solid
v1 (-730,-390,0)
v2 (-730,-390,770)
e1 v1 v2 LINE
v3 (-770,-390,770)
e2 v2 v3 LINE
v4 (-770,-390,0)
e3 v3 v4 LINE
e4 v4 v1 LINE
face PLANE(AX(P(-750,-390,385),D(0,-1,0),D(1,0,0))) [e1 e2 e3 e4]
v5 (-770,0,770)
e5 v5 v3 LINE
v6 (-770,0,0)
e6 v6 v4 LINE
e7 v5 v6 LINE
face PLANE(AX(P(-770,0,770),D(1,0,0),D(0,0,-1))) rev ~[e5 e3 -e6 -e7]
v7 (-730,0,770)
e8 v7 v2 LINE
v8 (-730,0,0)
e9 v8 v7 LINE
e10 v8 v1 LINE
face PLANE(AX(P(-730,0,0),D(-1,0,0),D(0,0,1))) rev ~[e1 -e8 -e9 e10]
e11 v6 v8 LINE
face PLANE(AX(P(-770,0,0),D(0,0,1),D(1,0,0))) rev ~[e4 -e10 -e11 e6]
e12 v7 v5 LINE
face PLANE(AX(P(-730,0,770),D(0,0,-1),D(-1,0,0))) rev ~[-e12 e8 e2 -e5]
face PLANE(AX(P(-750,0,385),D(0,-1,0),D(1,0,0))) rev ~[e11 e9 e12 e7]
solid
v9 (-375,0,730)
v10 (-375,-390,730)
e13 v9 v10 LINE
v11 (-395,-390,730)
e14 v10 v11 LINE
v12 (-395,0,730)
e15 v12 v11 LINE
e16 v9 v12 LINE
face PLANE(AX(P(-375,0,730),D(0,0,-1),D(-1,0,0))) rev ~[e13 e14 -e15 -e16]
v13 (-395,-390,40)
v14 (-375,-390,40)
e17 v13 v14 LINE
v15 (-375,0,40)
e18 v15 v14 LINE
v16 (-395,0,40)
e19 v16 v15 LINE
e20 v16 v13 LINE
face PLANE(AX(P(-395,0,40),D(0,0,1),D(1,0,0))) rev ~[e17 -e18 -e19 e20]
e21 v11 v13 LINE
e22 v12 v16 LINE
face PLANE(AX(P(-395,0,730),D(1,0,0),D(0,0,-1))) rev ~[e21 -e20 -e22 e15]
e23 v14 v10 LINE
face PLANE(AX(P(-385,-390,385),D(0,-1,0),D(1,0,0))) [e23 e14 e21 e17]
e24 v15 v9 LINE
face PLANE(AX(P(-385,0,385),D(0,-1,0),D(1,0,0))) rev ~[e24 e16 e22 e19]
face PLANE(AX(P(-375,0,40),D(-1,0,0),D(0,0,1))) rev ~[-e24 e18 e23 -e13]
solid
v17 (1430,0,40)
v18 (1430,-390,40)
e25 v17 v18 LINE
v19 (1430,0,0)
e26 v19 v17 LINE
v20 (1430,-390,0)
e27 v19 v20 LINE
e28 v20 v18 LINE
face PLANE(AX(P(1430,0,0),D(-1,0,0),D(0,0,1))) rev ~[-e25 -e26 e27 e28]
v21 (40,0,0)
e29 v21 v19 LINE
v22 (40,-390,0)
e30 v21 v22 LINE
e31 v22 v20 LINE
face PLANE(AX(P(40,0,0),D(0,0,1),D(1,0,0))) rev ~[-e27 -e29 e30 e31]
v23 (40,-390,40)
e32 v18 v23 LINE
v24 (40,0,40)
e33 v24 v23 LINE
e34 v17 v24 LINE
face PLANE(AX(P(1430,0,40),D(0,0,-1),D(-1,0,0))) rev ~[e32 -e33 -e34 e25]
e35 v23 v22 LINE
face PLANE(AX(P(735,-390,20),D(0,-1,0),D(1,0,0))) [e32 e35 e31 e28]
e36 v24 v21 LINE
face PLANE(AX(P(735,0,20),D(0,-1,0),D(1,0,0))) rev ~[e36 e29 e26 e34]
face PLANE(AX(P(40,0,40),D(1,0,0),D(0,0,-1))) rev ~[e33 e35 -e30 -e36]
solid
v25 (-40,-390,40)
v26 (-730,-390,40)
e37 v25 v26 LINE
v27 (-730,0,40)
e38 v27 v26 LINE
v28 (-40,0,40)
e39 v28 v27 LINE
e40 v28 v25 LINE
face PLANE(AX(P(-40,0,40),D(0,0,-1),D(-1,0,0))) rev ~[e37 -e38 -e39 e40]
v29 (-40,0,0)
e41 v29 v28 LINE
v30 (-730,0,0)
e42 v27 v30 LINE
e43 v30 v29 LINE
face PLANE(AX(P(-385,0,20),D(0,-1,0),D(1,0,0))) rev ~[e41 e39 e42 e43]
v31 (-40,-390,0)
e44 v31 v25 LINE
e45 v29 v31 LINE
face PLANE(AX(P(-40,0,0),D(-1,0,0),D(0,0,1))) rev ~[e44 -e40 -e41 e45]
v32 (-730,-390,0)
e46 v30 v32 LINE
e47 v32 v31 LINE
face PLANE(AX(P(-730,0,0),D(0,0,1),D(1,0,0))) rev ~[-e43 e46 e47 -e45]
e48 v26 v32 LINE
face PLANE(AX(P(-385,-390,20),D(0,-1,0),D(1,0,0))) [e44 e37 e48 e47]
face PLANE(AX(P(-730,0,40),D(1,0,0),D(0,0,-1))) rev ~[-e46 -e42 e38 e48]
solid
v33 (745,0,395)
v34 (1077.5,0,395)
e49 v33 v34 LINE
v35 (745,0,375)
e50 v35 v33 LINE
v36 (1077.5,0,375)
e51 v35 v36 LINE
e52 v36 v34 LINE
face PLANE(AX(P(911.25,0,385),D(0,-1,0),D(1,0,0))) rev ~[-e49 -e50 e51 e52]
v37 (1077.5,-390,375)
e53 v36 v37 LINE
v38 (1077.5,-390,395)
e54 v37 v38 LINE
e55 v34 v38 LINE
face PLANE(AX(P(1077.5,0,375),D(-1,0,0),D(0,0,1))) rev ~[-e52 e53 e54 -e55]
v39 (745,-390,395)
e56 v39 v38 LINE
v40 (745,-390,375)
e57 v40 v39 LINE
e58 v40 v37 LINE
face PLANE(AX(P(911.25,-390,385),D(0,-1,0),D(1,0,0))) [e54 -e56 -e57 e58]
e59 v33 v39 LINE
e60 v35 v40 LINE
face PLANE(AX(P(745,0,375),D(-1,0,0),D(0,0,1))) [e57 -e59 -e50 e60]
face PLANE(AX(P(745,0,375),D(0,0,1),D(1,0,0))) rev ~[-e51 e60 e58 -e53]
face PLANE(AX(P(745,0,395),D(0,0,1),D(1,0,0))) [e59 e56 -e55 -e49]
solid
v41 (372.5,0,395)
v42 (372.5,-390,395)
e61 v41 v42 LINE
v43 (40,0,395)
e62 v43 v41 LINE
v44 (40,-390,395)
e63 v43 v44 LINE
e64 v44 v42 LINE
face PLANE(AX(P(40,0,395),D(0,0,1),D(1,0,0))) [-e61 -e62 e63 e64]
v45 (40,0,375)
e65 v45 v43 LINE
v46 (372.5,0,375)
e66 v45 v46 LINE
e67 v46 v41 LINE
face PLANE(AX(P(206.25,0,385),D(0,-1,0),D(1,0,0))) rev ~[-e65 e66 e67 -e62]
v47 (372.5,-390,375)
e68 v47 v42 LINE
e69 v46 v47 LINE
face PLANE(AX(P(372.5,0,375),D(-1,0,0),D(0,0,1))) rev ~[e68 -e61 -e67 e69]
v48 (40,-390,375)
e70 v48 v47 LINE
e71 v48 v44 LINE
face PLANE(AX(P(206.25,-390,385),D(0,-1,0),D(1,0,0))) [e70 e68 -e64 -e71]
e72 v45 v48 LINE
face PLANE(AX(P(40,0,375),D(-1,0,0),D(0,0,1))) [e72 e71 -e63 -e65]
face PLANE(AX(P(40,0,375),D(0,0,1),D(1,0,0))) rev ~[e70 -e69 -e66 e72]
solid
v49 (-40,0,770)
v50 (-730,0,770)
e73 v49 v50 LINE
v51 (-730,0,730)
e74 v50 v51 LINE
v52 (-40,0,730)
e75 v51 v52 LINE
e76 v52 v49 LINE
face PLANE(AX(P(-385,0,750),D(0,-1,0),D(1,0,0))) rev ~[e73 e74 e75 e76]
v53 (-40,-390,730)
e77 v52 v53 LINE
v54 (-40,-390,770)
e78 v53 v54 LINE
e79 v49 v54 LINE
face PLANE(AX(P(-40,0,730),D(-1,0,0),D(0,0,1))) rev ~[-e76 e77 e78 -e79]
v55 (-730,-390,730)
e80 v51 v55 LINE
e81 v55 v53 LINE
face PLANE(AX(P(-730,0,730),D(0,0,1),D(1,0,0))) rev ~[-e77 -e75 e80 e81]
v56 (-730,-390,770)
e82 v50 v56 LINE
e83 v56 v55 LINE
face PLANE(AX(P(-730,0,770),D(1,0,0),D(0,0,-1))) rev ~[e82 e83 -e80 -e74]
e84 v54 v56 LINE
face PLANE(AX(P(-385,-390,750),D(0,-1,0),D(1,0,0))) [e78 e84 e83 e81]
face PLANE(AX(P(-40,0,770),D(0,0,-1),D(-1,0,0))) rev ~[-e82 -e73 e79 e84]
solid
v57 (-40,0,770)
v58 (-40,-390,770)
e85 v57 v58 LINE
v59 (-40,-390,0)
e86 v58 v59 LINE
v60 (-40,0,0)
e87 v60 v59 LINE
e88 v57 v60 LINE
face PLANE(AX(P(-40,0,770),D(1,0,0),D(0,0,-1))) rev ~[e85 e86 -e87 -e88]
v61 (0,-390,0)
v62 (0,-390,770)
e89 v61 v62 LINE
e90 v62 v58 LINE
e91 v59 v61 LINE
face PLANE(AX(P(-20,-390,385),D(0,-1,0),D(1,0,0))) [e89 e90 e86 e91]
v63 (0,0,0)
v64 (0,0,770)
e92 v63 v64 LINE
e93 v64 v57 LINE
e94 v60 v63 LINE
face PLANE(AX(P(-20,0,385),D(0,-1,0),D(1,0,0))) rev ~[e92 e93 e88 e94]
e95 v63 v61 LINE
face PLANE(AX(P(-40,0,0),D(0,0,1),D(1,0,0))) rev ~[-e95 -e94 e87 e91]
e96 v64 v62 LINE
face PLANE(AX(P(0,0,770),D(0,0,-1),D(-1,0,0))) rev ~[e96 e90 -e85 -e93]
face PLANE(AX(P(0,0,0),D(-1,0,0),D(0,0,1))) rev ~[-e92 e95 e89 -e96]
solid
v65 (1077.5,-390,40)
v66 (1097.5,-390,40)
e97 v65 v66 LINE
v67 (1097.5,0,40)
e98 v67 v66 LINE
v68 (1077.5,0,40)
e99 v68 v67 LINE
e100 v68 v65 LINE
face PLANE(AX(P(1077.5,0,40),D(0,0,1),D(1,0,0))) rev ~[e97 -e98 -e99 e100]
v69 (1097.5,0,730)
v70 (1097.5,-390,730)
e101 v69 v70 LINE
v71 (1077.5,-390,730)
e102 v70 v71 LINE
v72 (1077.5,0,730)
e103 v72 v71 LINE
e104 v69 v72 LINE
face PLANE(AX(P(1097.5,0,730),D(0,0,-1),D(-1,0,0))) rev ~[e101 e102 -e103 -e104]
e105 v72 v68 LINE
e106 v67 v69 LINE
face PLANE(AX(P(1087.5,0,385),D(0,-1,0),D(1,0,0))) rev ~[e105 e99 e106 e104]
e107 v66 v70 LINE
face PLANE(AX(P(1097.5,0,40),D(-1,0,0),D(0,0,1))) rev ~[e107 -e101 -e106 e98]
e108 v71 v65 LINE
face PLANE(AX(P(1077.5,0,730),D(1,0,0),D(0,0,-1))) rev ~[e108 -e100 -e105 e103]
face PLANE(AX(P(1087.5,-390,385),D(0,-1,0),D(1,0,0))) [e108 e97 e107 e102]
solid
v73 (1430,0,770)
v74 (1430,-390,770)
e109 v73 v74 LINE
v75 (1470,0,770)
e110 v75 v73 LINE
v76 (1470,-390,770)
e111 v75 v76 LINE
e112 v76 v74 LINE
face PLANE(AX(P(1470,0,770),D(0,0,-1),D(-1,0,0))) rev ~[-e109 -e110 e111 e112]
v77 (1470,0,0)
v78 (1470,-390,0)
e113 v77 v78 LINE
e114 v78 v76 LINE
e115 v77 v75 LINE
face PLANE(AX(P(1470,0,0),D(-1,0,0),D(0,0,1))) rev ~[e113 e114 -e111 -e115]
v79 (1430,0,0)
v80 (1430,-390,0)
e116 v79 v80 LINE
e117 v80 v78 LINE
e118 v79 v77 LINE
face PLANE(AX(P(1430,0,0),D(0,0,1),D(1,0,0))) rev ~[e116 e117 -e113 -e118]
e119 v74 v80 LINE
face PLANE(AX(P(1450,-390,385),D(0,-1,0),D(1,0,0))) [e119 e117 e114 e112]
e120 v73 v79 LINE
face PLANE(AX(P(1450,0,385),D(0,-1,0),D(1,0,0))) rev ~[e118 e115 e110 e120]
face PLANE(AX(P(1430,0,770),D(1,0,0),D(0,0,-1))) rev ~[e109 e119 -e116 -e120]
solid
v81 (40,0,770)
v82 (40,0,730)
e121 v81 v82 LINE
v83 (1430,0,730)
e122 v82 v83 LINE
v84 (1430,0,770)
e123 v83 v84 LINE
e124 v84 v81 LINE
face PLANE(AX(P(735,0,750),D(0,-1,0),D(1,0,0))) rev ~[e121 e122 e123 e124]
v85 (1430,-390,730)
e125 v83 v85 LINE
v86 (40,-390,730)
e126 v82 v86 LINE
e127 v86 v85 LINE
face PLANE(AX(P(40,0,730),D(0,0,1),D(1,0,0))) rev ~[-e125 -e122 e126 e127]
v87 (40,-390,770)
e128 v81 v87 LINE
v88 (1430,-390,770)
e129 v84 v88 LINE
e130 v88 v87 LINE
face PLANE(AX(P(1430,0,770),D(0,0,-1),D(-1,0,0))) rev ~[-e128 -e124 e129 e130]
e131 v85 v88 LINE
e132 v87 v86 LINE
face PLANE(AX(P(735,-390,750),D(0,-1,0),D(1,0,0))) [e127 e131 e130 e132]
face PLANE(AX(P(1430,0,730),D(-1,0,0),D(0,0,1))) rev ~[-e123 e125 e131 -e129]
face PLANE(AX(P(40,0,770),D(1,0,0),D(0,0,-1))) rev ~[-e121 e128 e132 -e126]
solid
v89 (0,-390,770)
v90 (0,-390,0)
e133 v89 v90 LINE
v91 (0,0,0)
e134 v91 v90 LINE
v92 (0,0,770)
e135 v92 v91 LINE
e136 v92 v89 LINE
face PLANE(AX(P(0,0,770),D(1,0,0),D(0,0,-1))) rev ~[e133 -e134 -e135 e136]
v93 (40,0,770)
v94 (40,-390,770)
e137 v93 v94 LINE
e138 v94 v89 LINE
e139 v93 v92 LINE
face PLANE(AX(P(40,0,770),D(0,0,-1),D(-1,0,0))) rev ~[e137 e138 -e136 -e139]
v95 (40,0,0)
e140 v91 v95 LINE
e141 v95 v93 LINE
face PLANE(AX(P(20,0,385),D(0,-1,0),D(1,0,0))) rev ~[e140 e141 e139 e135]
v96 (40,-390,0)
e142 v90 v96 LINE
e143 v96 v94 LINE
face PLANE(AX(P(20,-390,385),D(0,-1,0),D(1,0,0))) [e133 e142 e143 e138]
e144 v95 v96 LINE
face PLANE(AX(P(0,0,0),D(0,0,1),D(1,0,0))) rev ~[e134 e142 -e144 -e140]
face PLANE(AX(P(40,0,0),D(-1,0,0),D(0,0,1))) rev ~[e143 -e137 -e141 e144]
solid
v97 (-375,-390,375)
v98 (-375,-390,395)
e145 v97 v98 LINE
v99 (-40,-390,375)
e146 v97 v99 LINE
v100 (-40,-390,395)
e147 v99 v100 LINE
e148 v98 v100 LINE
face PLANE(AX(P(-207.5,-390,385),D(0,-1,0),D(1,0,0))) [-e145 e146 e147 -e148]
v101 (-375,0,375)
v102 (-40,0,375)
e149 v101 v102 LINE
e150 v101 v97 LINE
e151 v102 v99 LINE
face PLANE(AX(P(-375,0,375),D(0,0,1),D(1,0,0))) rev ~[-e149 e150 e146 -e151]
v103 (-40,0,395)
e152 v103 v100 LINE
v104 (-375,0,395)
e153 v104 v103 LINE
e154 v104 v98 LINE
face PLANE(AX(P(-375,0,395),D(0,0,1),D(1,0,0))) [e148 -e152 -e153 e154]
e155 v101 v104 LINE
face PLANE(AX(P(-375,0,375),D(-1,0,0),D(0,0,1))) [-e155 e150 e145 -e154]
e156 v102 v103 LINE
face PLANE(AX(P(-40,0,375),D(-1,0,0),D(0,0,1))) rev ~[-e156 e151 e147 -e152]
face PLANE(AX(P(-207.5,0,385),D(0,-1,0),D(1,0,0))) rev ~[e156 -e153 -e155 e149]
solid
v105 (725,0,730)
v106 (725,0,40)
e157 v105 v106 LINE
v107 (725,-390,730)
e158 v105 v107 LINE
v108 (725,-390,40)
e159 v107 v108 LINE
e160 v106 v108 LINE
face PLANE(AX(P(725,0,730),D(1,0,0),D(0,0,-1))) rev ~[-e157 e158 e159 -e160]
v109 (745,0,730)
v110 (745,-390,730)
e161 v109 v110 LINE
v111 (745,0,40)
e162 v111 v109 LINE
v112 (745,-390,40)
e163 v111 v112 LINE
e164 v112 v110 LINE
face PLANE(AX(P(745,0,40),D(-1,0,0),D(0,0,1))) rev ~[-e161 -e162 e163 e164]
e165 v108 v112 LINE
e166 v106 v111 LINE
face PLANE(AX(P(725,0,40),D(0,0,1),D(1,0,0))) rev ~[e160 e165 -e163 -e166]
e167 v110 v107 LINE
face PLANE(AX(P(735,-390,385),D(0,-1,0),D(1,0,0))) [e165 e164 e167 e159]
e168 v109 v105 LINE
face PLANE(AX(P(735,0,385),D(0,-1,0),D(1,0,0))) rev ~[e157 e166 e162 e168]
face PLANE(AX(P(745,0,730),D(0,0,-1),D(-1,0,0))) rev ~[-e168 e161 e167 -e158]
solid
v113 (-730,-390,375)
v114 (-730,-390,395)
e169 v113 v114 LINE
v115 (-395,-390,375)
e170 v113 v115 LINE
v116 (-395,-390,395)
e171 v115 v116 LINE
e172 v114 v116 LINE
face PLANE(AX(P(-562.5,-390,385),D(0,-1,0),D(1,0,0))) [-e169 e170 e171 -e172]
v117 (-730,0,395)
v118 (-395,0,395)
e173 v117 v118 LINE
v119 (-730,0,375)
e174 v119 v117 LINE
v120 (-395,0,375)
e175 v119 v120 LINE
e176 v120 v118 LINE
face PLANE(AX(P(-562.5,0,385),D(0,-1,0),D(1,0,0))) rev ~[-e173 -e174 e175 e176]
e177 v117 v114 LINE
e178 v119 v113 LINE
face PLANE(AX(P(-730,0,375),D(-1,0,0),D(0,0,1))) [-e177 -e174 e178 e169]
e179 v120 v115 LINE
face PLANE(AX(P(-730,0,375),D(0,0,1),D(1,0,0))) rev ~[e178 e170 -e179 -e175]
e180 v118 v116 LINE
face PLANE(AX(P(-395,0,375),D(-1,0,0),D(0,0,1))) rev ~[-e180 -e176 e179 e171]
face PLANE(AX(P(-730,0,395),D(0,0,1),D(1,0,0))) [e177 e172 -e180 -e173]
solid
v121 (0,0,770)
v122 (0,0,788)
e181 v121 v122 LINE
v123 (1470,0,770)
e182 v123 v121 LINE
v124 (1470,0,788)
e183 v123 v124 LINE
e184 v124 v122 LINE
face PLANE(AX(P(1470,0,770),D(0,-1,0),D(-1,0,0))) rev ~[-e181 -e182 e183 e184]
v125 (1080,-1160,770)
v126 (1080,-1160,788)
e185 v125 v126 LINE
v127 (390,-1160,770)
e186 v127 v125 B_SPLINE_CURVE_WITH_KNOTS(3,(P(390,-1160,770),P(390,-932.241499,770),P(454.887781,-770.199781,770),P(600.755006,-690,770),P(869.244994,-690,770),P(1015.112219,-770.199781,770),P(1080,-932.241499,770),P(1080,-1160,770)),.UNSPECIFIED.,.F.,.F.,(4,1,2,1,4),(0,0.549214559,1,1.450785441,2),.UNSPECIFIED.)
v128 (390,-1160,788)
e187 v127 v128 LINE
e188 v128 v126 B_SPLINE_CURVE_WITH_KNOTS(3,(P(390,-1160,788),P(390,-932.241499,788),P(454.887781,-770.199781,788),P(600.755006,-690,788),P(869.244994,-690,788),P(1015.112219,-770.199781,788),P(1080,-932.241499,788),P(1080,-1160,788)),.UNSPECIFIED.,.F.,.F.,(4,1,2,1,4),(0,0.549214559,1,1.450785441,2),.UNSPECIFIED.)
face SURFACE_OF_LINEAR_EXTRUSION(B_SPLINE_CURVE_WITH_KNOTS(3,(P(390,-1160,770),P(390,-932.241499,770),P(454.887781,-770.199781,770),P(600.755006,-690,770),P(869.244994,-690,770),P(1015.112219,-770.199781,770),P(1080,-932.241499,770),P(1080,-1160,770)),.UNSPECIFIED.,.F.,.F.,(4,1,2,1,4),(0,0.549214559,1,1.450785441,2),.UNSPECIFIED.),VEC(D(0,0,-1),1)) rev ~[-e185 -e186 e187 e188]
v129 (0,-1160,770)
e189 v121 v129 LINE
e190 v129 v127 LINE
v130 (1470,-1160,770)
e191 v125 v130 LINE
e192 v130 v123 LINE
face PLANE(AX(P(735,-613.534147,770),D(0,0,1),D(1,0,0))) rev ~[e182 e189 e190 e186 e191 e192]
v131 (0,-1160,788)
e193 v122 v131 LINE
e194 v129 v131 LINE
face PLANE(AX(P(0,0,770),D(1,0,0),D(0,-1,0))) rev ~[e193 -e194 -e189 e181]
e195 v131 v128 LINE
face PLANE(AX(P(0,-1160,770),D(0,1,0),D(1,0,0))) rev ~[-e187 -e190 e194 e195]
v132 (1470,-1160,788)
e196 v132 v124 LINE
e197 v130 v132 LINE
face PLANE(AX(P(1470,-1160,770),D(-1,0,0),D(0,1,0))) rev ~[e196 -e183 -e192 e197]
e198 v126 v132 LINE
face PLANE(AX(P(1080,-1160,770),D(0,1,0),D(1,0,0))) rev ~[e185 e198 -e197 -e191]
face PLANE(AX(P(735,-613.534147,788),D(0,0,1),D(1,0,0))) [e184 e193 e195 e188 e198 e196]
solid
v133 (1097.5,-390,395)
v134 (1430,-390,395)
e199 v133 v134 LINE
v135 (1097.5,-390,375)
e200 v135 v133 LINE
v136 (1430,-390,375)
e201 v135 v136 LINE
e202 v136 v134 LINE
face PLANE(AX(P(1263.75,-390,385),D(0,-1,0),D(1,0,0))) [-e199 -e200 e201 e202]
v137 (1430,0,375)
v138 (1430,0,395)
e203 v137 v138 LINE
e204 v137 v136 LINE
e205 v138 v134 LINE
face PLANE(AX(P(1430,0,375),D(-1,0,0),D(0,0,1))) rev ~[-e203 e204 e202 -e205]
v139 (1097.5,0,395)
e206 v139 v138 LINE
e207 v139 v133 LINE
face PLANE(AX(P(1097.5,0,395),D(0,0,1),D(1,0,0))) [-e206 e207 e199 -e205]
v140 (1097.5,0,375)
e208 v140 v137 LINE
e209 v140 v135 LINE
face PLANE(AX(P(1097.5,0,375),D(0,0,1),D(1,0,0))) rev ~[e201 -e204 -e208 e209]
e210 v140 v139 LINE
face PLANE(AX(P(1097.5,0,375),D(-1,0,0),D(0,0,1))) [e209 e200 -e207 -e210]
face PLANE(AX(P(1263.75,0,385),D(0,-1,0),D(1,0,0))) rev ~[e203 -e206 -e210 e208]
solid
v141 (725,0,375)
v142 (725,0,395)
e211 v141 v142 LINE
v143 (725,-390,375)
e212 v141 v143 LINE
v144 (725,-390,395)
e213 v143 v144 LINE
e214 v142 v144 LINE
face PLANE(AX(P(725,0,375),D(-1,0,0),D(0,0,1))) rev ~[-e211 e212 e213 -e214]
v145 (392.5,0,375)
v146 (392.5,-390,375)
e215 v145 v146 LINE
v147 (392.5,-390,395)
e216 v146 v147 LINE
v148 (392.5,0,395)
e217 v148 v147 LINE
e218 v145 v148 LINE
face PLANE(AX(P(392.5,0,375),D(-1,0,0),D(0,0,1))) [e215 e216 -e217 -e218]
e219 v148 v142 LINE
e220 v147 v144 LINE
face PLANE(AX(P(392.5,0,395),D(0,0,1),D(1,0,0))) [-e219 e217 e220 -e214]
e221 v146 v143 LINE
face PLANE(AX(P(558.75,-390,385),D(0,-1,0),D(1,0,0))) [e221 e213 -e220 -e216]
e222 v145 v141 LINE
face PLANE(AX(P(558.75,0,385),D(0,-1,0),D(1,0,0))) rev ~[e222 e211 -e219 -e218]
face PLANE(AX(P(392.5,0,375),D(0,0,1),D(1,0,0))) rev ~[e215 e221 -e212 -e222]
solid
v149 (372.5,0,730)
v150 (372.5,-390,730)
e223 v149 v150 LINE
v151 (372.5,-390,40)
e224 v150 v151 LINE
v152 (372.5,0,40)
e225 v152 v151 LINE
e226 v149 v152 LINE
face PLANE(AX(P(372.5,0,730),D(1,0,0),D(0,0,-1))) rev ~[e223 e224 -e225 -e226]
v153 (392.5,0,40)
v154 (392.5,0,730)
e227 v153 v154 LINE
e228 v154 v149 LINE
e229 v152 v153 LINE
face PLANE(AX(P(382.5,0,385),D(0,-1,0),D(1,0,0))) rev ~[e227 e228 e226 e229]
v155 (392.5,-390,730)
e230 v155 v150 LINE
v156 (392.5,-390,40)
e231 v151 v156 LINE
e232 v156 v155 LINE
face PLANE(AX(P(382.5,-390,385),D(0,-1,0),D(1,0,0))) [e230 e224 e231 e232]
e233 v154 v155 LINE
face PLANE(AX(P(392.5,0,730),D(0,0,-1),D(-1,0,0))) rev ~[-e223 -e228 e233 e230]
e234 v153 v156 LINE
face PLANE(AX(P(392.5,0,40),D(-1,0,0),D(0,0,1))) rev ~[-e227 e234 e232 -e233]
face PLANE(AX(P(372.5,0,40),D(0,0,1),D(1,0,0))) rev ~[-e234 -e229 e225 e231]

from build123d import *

# Parameters (mm, degrees)
F1_DEPTH = 390
F2_DEPTH = 390
F0_W     = 335
F0_H     = 20
F0_W_2   = 332.5
F3_DEPTH = 390
F4_W     = 1390
F4_H     = 390
F5_DEPTH = 18


with BuildPart() as f1:
    # F0 (on Front) → F1 (new body)
    with BuildSketch(Plane.XZ):
        Polygon((-770, 0), (-730, 0), (-730, 40), (-730, 375), (-730, 395), (-730, 730), (-730, 770), (-770, 770), align=None)
    extrude(amount=F1_DEPTH)


with BuildPart() as f1b:
    # F0 (on Front) → F1, piece 2 (new body)
    with BuildSketch(Plane.XZ):
        Polygon((-395, 40), (-375, 40), (-375, 375), (-375, 395), (-375, 730), (-395, 730), (-395, 395), (-395, 375), align=None)
    extrude(amount=F1_DEPTH)


with BuildPart() as f1c:
    # F0 (on Front) → F1, piece 3 (new body)
    with BuildSketch(Plane.XZ):
        Polygon((-40, 0), (0, 0), (0, 770), (-40, 770), (-40, 730), (-40, 395), (-40, 375), (-40, 40), align=None)
    extrude(amount=F1_DEPTH)


with BuildPart() as f1d:
    # F0 (on Front) → F1, piece 4 (new body)
    with BuildSketch(Plane.XZ):
        Polygon((372.5, 375), (372.5, 40), (392.5, 40), (392.5, 375), (392.5, 395), (392.5, 730), (372.5, 730), (372.5, 395), align=None)
    extrude(amount=F1_DEPTH)


with BuildPart() as f1e:
    # F0 (on Front) → F1, piece 5 (new body)
    with BuildSketch(Plane.XZ):
        Polygon((725, 375), (725, 40), (745, 40), (745, 375), (745, 395), (745, 730), (725, 730), (725, 395), align=None)
    extrude(amount=F1_DEPTH)


with BuildPart() as f1f:
    # F0 (on Front) → F1, piece 6 (new body)
    with BuildSketch(Plane.XZ):
        Polygon((1077.5, 40), (1097.5, 40), (1097.5, 375), (1097.5, 395), (1097.5, 730), (1077.5, 730), (1077.5, 395), (1077.5, 375), align=None)
    extrude(amount=F1_DEPTH)


with BuildPart() as f1g:
    # F0 (on Front) → F1, piece 7 (new body)
    with BuildSketch(Plane.XZ):
        Polygon((1430, 40), (1430, 0), (1470, 0), (1470, 770), (1430, 770), (1430, 730), (1430, 395), (1430, 375), align=None)
    extrude(amount=F1_DEPTH)


with BuildPart() as f2:
    # F0 (on Front) → F2 (new body)
    with BuildSketch(Plane.XZ):
        Polygon((-40, 730), (-40, 770), (-730, 770), (-730, 730), (-395, 730), (-375, 730), align=None)
    extrude(amount=F2_DEPTH)


with BuildPart() as f2b:
    # F0 (on Front) → F2, piece 2 (new body)
    with BuildSketch(Plane.XZ):
        with Locations((-562.5, 385)):
            Rectangle(F0_W, F0_H)
    extrude(amount=F2_DEPTH)


with BuildPart() as f2c:
    # F0 (on Front) → F2, piece 3 (new body)
    with BuildSketch(Plane.XZ):
        with Locations((-207.5, 385)):
            Rectangle(F0_W, F0_H)
    extrude(amount=F2_DEPTH)


with BuildPart() as f2d:
    # F0 (on Front) → F2, piece 4 (new body)
    with BuildSketch(Plane.XZ):
        Polygon((-730, 0), (-40, 0), (-40, 40), (-375, 40), (-395, 40), (-730, 40), align=None)
    extrude(amount=F2_DEPTH)


with BuildPart() as f2e:
    # F0 (on Front) → F2, piece 5 (new body)
    with BuildSketch(Plane.XZ):
        Polygon((0, 770), (0, 0), (40, 0), (40, 40), (40, 375), (40, 395), (40, 730), (40, 770), align=None)
    extrude(amount=F2_DEPTH)


with BuildPart() as f2f:
    # F0 (on Front) → F2, piece 6 (new body)
    with BuildSketch(Plane.XZ):
        with Locations((558.75, 385)):
            Rectangle(F0_W_2, F0_H)
    extrude(amount=F2_DEPTH)


with BuildPart() as f2g:
    # F0 (on Front) → F2, piece 7 (new body)
    with BuildSketch(Plane.XZ):
        with Locations((911.25, 385)):
            Rectangle(F0_W_2, F0_H)
    extrude(amount=F2_DEPTH)


with BuildPart() as f2h:
    # F0 (on Front) → F2, piece 8 (new body)
    with BuildSketch(Plane.XZ):
        with Locations((1263.75, 385)):
            Rectangle(F0_W_2, F0_H)
    extrude(amount=F2_DEPTH)


with BuildPart() as f3:
    # F0 (on Front) → F3 (new body)
    with BuildSketch(Plane.XZ):
        Polygon((40, 40), (40, 0), (1430, 0), (1430, 40), (1097.5, 40), (1077.5, 40), (745, 40), (725, 40), (392.5, 40), (372.5, 40), align=None)
    extrude(amount=F3_DEPTH)


with BuildPart() as f3b:
    # F0 (on Front) → F3, piece 2 (new body)
    with BuildSketch(Plane.XZ):
        with Locations((206.25, 385)):
            Rectangle(F0_W_2, F0_H)
    extrude(amount=F3_DEPTH)


with BuildPart() as f3c:
    # F0 (on Front) → F3, piece 3 (new body)
    with BuildSketch(Plane.XZ):
        Polygon((1430, 770), (40, 770), (40, 730), (372.5, 730), (392.5, 730), (725, 730), (745, 730), (1077.5, 730), (1097.5, 730), (1430, 730), align=None)
    extrude(amount=F3_DEPTH)


with BuildPart() as f5:
    # F4 (on face) → F5 (new body)
    with BuildSketch(Plane.XY.offset(770)):
        with BuildLine():
            Line((40, 0), (0, 0))
            Line((0, 0), (0, -390))
            Line((0, -390), (0, -1160))
            Line((0, -1160), (390, -1160))
            add(Edge.make_bspline(
                [(390, -1160), (390, -932.241499424), (454.8877808063, -770.199781247), (600.7550063969, -690), (735, -690)],
                knots=[0, 0, 0, 0, 0.5492145586, 1, 1, 1, 1], degree=3))
            add(Edge.make_bspline(
                [(1080, -1160), (1080, -932.241499424), (1015.1122191937, -770.199781247), (869.2449936031, -690), (735, -690)],
                knots=[0, 0, 0, 0, 0.5492145586, 1, 1, 1, 1], degree=3))
            Line((1080, -1160), (1470, -1160))
            Line((1470, -1160), (1470, -390))
            Line((1470, -390), (1470, 0))
            Line((1470, 0), (1430, 0))
            Line((1430, 0), (1430, -390))
            Line((1430, -390), (40, -390))
            Line((40, -390), (40, 0))
        make_face()
        with Locations((735, -195)):
            Rectangle(F4_W, F4_H)
    extrude(amount=F5_DEPTH)


solid = Compound([f1.part, f1b.part, f1c.part, f1d.part, f1e.part, f1f.part, f1g.part, f2.part, f2b.part, f2c.part, f2d.part, f2e.part, f2f.part, f2g.part, f2h.part, f3.part, f3b.part, f3c.part, f5.part])
